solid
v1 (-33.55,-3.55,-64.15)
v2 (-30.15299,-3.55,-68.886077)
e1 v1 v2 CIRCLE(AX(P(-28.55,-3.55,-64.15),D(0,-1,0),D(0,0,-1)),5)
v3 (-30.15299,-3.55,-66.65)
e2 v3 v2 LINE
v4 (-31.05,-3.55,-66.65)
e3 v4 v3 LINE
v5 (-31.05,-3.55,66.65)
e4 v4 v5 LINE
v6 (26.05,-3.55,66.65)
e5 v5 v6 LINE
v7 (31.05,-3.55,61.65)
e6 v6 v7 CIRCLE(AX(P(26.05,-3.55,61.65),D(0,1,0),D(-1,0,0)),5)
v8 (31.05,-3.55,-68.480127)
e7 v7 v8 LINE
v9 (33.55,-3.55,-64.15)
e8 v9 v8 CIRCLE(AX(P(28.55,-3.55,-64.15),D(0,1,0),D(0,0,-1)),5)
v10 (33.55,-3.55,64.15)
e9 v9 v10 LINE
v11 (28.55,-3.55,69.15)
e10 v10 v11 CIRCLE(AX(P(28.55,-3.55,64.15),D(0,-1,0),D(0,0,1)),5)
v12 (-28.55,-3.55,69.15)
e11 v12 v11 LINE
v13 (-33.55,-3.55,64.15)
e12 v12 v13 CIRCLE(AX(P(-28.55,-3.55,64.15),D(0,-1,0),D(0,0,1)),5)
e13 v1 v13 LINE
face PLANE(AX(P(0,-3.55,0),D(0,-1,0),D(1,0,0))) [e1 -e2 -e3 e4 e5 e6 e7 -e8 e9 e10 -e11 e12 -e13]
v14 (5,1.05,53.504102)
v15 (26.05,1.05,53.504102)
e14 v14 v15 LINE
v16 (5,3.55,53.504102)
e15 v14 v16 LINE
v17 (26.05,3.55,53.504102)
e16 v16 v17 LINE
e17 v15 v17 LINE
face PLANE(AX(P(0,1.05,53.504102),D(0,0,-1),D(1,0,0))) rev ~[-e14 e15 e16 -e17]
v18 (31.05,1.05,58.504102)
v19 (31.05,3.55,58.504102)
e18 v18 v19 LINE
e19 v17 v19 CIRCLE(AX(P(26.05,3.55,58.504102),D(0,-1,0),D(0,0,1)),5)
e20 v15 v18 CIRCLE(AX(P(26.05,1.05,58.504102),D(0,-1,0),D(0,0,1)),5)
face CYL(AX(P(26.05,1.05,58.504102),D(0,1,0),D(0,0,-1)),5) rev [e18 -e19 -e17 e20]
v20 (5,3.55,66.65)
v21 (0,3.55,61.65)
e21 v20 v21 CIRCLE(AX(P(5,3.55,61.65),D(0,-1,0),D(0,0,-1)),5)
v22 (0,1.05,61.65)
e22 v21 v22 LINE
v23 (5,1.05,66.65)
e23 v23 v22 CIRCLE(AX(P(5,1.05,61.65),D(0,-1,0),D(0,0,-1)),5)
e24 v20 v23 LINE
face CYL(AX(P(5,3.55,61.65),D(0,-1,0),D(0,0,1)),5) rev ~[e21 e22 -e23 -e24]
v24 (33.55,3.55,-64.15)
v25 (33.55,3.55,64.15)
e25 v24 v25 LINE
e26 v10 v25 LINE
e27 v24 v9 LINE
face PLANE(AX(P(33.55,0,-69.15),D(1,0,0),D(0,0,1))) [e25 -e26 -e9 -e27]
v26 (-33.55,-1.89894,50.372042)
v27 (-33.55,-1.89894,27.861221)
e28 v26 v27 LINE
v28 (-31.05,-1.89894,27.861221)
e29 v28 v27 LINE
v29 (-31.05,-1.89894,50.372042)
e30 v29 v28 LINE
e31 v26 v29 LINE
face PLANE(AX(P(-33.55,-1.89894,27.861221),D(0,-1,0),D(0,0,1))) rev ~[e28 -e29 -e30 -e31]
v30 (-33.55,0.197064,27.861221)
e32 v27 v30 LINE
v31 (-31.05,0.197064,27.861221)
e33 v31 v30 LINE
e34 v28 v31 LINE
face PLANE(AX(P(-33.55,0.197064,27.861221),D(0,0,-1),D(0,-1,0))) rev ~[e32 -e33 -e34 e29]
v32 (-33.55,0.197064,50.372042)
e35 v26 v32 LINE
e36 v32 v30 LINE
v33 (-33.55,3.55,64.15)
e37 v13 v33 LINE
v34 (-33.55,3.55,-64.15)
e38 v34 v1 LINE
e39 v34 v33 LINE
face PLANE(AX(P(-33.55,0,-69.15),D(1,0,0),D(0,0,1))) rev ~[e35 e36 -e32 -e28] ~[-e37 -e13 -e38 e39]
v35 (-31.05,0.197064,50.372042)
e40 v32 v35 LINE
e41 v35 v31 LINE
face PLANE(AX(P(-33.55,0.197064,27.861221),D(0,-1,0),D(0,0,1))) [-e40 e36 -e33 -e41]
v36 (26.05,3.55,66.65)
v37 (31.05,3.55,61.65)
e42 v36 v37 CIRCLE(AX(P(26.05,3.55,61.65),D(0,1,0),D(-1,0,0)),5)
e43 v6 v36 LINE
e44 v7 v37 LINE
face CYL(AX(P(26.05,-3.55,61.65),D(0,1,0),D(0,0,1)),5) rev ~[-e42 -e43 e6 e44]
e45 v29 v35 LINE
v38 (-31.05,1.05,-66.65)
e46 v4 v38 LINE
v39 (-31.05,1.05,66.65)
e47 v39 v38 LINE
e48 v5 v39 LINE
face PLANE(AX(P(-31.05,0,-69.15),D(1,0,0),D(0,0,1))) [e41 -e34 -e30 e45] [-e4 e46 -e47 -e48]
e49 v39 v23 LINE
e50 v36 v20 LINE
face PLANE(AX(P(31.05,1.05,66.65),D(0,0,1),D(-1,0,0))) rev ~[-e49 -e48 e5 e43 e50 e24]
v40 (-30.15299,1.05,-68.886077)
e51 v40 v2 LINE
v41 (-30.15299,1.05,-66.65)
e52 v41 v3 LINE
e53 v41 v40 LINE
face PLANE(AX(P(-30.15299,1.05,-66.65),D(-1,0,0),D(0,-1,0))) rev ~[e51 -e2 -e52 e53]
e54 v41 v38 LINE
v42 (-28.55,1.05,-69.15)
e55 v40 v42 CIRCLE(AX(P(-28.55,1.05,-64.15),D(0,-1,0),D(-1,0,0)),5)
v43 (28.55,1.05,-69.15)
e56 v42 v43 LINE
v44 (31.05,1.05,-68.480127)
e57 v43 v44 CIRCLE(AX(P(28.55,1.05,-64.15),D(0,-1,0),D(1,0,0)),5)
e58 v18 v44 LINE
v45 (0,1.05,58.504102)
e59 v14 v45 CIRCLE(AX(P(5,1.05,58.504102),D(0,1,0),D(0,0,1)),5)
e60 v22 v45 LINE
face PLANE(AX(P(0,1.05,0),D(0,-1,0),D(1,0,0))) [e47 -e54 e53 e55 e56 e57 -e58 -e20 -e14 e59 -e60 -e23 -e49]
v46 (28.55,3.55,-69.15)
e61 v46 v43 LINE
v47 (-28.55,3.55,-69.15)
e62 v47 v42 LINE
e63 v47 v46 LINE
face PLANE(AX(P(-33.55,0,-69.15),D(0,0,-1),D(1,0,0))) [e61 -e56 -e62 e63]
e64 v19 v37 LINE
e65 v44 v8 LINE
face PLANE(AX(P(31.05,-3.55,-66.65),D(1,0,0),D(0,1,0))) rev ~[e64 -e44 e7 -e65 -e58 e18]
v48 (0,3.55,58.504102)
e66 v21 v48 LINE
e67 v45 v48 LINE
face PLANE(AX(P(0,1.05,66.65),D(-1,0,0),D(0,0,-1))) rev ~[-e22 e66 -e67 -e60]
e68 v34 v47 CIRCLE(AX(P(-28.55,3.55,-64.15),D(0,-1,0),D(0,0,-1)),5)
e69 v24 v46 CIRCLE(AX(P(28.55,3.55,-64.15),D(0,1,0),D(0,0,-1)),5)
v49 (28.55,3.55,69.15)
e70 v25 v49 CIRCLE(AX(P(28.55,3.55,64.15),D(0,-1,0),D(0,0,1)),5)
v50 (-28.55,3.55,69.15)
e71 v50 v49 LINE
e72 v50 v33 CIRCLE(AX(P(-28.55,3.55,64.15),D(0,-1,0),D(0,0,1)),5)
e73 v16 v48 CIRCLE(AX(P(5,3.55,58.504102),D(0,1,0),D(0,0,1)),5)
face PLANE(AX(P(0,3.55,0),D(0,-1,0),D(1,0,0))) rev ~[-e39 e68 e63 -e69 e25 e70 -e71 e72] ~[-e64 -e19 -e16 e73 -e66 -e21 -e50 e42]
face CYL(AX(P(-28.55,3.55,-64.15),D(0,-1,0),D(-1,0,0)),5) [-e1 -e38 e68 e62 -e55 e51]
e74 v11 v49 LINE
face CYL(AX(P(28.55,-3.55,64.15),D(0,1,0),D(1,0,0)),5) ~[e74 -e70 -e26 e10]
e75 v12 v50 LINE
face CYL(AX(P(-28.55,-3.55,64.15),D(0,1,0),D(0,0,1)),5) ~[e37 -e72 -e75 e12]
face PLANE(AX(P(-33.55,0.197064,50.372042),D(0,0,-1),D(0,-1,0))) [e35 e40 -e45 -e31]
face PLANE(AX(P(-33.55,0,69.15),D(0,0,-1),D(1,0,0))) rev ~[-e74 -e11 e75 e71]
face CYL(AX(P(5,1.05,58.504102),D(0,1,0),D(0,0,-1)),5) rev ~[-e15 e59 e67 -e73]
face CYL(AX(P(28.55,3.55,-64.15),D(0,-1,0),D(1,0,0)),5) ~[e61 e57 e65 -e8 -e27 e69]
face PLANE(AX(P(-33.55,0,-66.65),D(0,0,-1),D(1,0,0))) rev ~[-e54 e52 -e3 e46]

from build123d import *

# Parameters (mm, degrees)
F0_W      = 67.1
F0_H      = 138.3
F1_DEPTH  = 3.55
F2_T      = -2.5
F3_R      = 5
F4_W      = 15.2049176395
F4_H      = 6.8852454424
F5_DEPTH  = 12.5
F7_R      = 5
F8_DEPTH  = 25
F9_W      = 2.0960036782
F9_H      = 22.5108209997
F10_DEPTH = 12.5


with BuildPart() as f1:
    # F0 (on Front) → F1 (new body, symmetric)
    with BuildSketch(Plane.XZ):
        Rectangle(F0_W, F0_H)
    extrude(amount=F1_DEPTH, both=True)

    # F2
    f2_openings = [f1.faces().sort_by_distance(p)[0] for p in [
        (0, -3.55, 0),
    ]]
    offset(amount=F2_T, openings=f2_openings)

    # F3
    f3_edges = [f1.edges().sort_by_distance(p)[0] for p in [
        (-33.55, 0, 69.15),
        (33.55, 0, 69.15),
        (33.55, 0, -69.15),
        (-33.55, 0, -69.15),
    ]]
    fillet(f3_edges, radius=F3_R)

    # F4 (on face) → F5 (cut, symmetric)
    with BuildSketch(Plane.XZ.offset(-1.05)):
        Polygon((12.9098352045, 53.504101932), (12.9098352045, 60.3893473744), (28.114752844, 60.3893473744), (28.114752844, 53.504101932), (31.05, 53.504101932), (31.05, 66.65), (0, 66.65), (0, 53.504101932), align=None)
        with Locations((20.5122940242, 56.9467246532)):
            Rectangle(F4_W, F4_H)
    extrude(amount=F5_DEPTH, both=True, mode=Mode.SUBTRACT)

    # F7
    f7_edges = [f1.edges().sort_by_distance(p)[0] for p in [
        (0, 2.3, 53.504102),
        (0, 2.3, 66.65),
        (31.05, 0, 66.65),
        (31.05, 2.3, 53.504102),
    ]]
    fillet(f7_edges, radius=F7_R)

    # F6 (on face) → F8 (cut)
    with BuildSketch(Plane.XY.offset(-66.65)):
        Polygon((5.7946089791, 1.05), (-30.1529895514, 1.05), (-30.1529895514, -3.55), (31.05, -3.55), (31.05, 1.05), align=None)
    extrude(amount=-F8_DEPTH, mode=Mode.SUBTRACT)

    # F9 (on face) → F10 (cut, symmetric)
    with BuildSketch(Plane(origin=(-33.55, 0, 0), x_dir=(0, -1, 0), z_dir=(-1, 0, 0))):
        with Locations((0.850938115, 39.116631262)):
            Rectangle(F9_W, F9_H)
    extrude(amount=F10_DEPTH, both=True, mode=Mode.SUBTRACT)


solid = f1.part
